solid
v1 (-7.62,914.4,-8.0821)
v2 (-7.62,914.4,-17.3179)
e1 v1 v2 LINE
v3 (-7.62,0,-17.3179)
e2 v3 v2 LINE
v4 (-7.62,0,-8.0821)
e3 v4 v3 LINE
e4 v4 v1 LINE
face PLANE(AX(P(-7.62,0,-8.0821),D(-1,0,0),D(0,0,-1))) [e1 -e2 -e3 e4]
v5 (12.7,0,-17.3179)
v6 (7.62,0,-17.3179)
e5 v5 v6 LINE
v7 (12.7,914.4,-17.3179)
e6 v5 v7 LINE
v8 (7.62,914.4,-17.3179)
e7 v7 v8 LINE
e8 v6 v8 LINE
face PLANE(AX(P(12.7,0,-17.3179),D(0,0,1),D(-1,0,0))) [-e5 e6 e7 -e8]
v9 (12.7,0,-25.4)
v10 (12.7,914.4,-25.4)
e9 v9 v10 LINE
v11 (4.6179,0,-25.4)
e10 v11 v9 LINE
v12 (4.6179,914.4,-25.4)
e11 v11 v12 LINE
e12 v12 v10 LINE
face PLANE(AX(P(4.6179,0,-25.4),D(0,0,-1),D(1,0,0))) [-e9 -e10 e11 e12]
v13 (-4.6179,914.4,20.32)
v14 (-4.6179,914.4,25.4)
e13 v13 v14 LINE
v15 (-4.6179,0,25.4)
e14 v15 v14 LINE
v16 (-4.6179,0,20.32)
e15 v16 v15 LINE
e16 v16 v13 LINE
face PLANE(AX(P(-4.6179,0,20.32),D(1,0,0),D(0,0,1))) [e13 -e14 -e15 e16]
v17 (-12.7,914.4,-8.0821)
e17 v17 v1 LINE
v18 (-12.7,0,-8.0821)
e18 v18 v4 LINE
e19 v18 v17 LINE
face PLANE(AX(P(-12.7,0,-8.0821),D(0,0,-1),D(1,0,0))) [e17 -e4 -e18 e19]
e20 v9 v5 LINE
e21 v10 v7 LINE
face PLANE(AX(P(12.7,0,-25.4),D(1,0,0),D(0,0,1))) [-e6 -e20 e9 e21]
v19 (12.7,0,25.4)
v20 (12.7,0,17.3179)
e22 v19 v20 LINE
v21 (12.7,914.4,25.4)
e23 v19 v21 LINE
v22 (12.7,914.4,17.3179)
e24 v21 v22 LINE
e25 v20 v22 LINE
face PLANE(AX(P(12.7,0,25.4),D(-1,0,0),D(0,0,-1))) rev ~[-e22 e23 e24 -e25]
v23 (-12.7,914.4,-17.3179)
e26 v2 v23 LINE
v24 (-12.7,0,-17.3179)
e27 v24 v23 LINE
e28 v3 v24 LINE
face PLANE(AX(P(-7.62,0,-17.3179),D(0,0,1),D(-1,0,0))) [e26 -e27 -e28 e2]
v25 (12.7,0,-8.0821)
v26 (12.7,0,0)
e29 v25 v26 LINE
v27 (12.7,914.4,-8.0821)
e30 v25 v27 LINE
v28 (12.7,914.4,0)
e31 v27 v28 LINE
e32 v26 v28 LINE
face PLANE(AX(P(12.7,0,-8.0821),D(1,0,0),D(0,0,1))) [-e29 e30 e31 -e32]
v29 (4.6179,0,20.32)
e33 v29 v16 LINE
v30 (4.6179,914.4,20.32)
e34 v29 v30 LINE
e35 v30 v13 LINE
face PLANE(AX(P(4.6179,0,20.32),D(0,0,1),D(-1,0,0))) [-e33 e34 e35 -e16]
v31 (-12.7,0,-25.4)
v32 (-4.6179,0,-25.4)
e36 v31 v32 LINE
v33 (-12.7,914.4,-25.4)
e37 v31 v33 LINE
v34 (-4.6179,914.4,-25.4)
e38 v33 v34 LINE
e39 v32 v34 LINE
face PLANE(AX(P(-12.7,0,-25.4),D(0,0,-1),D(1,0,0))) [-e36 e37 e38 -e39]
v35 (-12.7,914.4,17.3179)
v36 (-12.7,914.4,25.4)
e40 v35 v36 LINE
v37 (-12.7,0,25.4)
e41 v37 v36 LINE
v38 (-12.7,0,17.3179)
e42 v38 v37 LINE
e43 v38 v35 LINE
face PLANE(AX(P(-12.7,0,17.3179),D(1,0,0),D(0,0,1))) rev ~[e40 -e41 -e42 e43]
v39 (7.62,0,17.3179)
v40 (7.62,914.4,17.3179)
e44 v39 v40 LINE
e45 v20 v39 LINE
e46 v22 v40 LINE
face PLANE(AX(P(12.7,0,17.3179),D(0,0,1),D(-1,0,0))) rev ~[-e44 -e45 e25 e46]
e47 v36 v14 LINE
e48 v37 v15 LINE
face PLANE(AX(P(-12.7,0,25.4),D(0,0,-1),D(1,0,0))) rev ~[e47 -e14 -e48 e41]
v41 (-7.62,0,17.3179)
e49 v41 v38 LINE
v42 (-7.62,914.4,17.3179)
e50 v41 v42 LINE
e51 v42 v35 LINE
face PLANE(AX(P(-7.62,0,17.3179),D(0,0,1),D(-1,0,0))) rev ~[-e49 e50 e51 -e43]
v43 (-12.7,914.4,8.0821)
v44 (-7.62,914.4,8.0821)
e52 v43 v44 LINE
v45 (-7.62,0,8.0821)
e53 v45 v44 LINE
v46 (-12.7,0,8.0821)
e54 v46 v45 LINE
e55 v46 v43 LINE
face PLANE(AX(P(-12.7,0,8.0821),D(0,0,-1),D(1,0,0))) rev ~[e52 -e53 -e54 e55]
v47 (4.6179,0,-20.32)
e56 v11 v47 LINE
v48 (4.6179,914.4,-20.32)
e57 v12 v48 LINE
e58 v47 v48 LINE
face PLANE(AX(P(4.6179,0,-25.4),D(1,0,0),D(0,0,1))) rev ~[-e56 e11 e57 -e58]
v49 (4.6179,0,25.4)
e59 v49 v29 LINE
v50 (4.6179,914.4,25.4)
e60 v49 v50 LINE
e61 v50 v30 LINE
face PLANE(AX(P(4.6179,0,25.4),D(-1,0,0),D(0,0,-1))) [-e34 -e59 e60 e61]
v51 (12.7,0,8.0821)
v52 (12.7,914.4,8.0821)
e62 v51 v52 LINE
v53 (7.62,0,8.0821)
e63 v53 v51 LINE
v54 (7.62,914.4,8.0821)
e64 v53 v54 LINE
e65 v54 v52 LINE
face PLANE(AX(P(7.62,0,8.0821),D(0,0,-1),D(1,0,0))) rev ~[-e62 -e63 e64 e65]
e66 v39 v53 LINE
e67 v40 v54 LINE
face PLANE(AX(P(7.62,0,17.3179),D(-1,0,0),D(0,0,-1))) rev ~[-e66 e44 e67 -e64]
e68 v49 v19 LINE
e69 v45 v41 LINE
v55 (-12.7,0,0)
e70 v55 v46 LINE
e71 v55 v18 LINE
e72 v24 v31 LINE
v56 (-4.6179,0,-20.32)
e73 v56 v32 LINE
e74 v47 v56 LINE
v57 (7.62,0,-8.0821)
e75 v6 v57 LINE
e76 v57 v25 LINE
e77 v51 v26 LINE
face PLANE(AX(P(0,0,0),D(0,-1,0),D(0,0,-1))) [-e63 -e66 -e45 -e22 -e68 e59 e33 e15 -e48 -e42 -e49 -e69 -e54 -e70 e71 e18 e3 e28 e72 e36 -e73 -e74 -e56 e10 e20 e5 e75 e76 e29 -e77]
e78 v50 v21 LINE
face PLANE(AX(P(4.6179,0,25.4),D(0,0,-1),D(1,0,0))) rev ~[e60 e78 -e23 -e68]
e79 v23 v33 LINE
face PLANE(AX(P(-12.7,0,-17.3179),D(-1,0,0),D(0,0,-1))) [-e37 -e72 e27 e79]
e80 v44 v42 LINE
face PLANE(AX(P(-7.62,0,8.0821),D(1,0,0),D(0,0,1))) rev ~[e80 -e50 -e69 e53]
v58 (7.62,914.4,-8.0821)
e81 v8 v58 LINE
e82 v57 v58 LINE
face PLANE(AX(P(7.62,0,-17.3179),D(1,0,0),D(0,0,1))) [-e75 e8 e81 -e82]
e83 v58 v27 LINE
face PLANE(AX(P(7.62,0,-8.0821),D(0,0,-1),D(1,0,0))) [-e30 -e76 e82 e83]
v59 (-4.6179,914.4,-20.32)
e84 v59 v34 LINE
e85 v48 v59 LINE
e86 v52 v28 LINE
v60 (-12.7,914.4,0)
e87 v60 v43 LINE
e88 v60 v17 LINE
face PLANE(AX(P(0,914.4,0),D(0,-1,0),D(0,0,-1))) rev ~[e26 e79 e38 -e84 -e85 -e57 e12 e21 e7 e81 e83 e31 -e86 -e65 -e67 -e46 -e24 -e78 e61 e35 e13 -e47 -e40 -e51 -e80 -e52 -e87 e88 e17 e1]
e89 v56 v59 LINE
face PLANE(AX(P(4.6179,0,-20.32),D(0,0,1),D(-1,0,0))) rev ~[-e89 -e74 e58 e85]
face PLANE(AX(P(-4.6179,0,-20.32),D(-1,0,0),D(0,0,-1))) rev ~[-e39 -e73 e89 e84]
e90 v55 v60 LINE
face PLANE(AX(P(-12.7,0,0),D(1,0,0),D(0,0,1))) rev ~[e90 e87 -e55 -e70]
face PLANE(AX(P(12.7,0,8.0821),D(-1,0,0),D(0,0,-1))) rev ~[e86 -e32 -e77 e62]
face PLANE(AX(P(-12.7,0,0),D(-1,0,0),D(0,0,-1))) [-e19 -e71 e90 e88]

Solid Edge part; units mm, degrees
sketch "Sketch1" plane through (0, 0, 0) normal (0, -1, 0) x (1, 0, 0)
  line L0 (-7.62, -8.0821) -> (-7.62, -17.3179)
  line L1 (-7.62, -17.3179) -> (-12.7, -17.3179)
  line L2 (-12.7, -17.3179) -> (-12.7, -25.4)
  line L3 (-12.7, -25.4) -> (-4.6179, -25.4)
  line L4 (-4.6179, -20.32) -> (-4.6179, -25.4)
  line L5 (4.6179, -20.32) -> (-4.6179, -20.32)
  line L6 (4.6179, -25.4) -> (4.6179, -20.32)
  line L7 (4.6179, -25.4) -> (12.7, -25.4)
  line L8 (12.7, -25.4) -> (12.7, -17.3179)
  line L9 (12.7, -17.3179) -> (7.62, -17.3179)
  line L10 (7.62, -17.3179) -> (7.62, -8.0821)
  line L11 (7.62, -8.0821) -> (12.7, -8.0821)
  line L12 (12.7, -8.0821) -> (12.7, 0)
  line L13 (12.7, 8.0821) -> (12.7, 0)
  line L14 (7.62, 8.0821) -> (12.7, 8.0821)
  line L15 (7.62, 17.3179) -> (7.62, 8.0821)
  line L16 (12.7, 17.3179) -> (7.62, 17.3179)
  line L17 (12.7, 25.4) -> (12.7, 17.3179)
  line L18 (4.6179, 25.4) -> (12.7, 25.4)
  line L19 (4.6179, 25.4) -> (4.6179, 20.32)
  line L20 (4.6179, 20.32) -> (-4.6179, 20.32)
  line L21 (-4.6179, 20.32) -> (-4.6179, 25.4)
  line L22 (-12.7, 25.4) -> (-4.6179, 25.4)
  line L23 (-12.7, 17.3179) -> (-12.7, 25.4)
  line L24 (-7.62, 17.3179) -> (-12.7, 17.3179)
  line L25 (-7.62, 8.0821) -> (-7.62, 17.3179)
  line L26 (-12.7, 8.0821) -> (-7.62, 8.0821)
  line L27 (-12.7, 0) -> (-12.7, 8.0821)
  line L28 (-12.7, 0) -> (-12.7, -8.0821)
  line L29 (-12.7, -8.0821) -> (-7.62, -8.0821)
extrude "Protrusion1" add sketch "Sketch1" against normal blind 914.4
